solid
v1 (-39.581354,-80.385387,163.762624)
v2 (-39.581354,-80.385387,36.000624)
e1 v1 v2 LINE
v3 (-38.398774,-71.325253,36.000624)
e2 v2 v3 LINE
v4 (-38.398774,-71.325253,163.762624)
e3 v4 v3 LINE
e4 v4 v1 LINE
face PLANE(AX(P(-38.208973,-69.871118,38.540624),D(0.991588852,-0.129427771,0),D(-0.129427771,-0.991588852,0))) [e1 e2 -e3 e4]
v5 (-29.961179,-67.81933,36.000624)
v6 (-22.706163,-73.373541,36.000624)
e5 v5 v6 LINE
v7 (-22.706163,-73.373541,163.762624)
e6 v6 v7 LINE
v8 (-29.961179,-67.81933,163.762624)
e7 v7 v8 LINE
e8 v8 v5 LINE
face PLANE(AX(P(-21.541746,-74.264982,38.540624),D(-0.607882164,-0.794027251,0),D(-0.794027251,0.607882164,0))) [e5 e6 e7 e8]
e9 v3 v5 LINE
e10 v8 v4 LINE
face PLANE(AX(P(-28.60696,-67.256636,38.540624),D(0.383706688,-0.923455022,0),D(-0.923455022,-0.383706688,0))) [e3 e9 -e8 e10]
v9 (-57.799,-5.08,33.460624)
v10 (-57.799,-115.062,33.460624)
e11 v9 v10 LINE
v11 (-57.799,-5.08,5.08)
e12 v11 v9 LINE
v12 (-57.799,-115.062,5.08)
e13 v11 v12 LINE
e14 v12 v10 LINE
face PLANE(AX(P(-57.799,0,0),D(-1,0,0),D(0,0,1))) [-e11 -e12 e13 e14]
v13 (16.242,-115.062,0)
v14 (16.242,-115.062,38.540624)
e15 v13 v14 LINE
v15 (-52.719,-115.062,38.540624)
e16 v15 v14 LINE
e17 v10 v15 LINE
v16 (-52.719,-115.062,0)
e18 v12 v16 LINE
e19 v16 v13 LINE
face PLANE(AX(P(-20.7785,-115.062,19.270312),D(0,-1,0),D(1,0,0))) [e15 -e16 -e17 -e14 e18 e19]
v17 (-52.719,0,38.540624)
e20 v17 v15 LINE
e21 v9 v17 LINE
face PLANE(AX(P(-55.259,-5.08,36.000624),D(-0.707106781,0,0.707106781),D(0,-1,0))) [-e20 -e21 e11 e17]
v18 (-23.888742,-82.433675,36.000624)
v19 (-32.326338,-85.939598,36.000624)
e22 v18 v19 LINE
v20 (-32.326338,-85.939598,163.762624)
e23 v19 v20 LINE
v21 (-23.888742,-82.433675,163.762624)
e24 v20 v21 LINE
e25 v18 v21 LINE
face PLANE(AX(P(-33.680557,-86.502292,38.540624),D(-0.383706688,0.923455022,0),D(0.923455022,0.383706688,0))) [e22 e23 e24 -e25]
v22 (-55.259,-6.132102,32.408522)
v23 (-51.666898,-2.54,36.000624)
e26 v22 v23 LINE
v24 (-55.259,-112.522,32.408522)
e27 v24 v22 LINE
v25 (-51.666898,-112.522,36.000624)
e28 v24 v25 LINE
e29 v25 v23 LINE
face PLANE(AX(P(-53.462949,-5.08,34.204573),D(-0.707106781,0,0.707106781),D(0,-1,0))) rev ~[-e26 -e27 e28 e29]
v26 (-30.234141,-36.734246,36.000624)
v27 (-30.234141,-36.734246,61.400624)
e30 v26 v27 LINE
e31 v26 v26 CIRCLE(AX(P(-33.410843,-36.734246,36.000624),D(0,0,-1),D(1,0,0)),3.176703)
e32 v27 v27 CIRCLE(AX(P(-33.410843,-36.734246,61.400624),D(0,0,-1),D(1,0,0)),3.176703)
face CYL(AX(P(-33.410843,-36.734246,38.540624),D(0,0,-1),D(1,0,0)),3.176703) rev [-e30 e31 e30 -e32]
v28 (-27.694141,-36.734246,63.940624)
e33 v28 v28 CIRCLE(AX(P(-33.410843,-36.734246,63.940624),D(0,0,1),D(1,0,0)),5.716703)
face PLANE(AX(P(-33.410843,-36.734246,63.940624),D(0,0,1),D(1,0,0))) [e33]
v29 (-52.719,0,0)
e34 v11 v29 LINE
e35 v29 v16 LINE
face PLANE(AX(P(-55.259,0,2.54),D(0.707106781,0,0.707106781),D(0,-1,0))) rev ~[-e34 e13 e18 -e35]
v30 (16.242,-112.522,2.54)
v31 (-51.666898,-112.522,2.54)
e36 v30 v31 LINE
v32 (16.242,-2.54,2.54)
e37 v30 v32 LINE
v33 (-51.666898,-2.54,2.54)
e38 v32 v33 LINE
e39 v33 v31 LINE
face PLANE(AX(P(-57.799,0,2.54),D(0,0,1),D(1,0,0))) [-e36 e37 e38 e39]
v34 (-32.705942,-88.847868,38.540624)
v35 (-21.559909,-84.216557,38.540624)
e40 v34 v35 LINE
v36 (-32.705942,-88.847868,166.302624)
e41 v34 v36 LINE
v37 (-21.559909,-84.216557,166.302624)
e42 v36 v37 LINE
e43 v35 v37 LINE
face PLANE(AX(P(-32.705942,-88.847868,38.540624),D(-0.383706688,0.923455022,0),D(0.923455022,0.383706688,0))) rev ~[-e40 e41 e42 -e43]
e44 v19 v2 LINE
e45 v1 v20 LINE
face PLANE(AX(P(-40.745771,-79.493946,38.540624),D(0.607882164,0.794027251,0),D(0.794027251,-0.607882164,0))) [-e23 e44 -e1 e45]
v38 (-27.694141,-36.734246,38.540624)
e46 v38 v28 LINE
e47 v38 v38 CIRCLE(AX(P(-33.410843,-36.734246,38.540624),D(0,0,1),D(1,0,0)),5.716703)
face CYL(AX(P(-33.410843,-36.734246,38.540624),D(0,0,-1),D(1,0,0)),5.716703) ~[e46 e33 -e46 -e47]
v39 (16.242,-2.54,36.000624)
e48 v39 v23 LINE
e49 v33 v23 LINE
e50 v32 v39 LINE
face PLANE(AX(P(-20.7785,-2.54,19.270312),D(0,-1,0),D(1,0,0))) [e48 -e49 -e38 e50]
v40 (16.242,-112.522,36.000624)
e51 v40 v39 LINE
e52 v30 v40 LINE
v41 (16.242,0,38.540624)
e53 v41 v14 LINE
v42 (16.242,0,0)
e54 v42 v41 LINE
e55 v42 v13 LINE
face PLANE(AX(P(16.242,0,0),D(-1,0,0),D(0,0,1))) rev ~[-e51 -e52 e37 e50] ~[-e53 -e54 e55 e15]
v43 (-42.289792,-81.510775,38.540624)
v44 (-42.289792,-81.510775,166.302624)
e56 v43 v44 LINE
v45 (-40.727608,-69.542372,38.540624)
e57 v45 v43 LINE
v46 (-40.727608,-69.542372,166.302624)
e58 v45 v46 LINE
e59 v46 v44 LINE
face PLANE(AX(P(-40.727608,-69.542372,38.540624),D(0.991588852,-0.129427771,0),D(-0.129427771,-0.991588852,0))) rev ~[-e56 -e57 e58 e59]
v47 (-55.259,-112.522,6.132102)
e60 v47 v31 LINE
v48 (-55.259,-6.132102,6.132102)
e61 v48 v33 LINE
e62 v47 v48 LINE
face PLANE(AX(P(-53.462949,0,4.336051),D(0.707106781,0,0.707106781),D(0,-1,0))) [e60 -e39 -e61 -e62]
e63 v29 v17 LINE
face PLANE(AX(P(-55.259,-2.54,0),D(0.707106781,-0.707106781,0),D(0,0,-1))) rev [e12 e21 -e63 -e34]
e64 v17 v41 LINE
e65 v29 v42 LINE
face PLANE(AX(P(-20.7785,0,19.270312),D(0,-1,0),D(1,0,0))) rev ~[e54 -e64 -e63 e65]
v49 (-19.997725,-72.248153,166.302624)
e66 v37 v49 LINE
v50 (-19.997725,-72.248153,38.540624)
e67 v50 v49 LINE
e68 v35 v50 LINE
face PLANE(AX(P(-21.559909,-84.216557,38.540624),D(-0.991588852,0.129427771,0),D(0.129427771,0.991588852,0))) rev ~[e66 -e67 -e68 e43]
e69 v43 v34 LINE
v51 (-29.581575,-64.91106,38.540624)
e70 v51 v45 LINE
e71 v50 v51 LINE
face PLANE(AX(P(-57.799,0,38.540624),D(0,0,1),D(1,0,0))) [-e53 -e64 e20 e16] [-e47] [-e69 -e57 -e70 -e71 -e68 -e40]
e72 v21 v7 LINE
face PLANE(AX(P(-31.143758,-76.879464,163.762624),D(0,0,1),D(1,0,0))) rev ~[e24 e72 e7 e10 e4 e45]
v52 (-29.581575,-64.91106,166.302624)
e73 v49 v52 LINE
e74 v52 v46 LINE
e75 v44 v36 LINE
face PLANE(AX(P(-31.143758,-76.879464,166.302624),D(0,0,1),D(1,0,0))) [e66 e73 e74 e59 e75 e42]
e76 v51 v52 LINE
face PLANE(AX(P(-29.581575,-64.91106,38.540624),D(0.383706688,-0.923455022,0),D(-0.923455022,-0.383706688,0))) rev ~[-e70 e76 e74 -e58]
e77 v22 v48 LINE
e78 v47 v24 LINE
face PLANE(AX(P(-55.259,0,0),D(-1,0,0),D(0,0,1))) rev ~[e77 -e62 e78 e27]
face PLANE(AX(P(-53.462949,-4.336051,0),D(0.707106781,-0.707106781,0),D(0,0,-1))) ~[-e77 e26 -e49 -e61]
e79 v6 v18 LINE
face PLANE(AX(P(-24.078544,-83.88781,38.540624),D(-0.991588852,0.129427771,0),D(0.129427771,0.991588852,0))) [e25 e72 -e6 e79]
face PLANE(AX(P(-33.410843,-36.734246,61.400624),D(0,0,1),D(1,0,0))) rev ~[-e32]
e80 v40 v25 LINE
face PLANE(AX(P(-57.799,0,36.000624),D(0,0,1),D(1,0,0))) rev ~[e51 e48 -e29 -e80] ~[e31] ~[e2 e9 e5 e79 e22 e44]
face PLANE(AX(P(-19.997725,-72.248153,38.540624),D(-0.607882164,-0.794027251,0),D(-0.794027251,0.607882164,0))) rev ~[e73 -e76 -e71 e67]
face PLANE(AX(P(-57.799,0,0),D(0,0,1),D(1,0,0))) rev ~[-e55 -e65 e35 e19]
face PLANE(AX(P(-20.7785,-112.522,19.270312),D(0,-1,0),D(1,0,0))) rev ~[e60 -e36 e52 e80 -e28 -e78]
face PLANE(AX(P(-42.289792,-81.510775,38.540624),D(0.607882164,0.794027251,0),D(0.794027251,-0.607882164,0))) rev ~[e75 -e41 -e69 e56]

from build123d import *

# Parameters (mm, degrees)
F0_W     = 74.041
F0_H     = 38.5406240821
F1_DEPTH = 115.062
F3_DEPTH = 127.762
F4_R     = 5.7167029037
F5_DEPTH = 25.4
F6_SIZE  = 5.08
F7_SIZE  = 5.08
F8_T     = -2.54


with BuildPart() as f1:
    # F0 (on Front) → F1 (new body)
    with BuildSketch(Plane.XZ):
        with Locations((-20.778500293, 19.270312041)):
            Rectangle(F0_W, F0_H)
    extrude(amount=F1_DEPTH)

    # F2 (on face) → F3 (join)
    with BuildSketch(Plane.XY.offset(38.5406240821)):
        Polygon((-42.2897917902, -81.5107752422), (-32.7059420073, -88.8478676936), (-21.5599086631, -84.2165565412), (-19.9977251018, -72.2481529375), (-29.5815748846, -64.9110604862), (-40.7276082288, -69.5423716385), align=None)
    extrude(amount=F3_DEPTH)

    # F4 (on face) → F5 (join)
    with BuildSketch(Plane.XY.offset(38.5406240821)):
        with Locations((-33.4108434618, -36.7342457175)):
            Circle(F4_R)
    extrude(amount=F5_DEPTH)

    # F6
    f6_edges = [f1.edges().sort_by_distance(p)[0] for p in [
        (-57.799, -57.531, 0),
        (-57.799, 0, 19.270312),
    ]]
    chamfer(f6_edges, length=F6_SIZE)

    # F7
    f7_edges = [f1.edges().sort_by_distance(p)[0] for p in [
        (-57.799, -60.071, 38.540624),
    ]]
    chamfer(f7_edges, length=F7_SIZE)

    # F8
    f8_openings = [f1.faces().sort_by_distance(p)[0] for p in [
        (16.242, -57.531, 19.270312),
    ]]
    offset(amount=F8_T, openings=f8_openings, kind=Kind.INTERSECTION)


solid = f1.part
